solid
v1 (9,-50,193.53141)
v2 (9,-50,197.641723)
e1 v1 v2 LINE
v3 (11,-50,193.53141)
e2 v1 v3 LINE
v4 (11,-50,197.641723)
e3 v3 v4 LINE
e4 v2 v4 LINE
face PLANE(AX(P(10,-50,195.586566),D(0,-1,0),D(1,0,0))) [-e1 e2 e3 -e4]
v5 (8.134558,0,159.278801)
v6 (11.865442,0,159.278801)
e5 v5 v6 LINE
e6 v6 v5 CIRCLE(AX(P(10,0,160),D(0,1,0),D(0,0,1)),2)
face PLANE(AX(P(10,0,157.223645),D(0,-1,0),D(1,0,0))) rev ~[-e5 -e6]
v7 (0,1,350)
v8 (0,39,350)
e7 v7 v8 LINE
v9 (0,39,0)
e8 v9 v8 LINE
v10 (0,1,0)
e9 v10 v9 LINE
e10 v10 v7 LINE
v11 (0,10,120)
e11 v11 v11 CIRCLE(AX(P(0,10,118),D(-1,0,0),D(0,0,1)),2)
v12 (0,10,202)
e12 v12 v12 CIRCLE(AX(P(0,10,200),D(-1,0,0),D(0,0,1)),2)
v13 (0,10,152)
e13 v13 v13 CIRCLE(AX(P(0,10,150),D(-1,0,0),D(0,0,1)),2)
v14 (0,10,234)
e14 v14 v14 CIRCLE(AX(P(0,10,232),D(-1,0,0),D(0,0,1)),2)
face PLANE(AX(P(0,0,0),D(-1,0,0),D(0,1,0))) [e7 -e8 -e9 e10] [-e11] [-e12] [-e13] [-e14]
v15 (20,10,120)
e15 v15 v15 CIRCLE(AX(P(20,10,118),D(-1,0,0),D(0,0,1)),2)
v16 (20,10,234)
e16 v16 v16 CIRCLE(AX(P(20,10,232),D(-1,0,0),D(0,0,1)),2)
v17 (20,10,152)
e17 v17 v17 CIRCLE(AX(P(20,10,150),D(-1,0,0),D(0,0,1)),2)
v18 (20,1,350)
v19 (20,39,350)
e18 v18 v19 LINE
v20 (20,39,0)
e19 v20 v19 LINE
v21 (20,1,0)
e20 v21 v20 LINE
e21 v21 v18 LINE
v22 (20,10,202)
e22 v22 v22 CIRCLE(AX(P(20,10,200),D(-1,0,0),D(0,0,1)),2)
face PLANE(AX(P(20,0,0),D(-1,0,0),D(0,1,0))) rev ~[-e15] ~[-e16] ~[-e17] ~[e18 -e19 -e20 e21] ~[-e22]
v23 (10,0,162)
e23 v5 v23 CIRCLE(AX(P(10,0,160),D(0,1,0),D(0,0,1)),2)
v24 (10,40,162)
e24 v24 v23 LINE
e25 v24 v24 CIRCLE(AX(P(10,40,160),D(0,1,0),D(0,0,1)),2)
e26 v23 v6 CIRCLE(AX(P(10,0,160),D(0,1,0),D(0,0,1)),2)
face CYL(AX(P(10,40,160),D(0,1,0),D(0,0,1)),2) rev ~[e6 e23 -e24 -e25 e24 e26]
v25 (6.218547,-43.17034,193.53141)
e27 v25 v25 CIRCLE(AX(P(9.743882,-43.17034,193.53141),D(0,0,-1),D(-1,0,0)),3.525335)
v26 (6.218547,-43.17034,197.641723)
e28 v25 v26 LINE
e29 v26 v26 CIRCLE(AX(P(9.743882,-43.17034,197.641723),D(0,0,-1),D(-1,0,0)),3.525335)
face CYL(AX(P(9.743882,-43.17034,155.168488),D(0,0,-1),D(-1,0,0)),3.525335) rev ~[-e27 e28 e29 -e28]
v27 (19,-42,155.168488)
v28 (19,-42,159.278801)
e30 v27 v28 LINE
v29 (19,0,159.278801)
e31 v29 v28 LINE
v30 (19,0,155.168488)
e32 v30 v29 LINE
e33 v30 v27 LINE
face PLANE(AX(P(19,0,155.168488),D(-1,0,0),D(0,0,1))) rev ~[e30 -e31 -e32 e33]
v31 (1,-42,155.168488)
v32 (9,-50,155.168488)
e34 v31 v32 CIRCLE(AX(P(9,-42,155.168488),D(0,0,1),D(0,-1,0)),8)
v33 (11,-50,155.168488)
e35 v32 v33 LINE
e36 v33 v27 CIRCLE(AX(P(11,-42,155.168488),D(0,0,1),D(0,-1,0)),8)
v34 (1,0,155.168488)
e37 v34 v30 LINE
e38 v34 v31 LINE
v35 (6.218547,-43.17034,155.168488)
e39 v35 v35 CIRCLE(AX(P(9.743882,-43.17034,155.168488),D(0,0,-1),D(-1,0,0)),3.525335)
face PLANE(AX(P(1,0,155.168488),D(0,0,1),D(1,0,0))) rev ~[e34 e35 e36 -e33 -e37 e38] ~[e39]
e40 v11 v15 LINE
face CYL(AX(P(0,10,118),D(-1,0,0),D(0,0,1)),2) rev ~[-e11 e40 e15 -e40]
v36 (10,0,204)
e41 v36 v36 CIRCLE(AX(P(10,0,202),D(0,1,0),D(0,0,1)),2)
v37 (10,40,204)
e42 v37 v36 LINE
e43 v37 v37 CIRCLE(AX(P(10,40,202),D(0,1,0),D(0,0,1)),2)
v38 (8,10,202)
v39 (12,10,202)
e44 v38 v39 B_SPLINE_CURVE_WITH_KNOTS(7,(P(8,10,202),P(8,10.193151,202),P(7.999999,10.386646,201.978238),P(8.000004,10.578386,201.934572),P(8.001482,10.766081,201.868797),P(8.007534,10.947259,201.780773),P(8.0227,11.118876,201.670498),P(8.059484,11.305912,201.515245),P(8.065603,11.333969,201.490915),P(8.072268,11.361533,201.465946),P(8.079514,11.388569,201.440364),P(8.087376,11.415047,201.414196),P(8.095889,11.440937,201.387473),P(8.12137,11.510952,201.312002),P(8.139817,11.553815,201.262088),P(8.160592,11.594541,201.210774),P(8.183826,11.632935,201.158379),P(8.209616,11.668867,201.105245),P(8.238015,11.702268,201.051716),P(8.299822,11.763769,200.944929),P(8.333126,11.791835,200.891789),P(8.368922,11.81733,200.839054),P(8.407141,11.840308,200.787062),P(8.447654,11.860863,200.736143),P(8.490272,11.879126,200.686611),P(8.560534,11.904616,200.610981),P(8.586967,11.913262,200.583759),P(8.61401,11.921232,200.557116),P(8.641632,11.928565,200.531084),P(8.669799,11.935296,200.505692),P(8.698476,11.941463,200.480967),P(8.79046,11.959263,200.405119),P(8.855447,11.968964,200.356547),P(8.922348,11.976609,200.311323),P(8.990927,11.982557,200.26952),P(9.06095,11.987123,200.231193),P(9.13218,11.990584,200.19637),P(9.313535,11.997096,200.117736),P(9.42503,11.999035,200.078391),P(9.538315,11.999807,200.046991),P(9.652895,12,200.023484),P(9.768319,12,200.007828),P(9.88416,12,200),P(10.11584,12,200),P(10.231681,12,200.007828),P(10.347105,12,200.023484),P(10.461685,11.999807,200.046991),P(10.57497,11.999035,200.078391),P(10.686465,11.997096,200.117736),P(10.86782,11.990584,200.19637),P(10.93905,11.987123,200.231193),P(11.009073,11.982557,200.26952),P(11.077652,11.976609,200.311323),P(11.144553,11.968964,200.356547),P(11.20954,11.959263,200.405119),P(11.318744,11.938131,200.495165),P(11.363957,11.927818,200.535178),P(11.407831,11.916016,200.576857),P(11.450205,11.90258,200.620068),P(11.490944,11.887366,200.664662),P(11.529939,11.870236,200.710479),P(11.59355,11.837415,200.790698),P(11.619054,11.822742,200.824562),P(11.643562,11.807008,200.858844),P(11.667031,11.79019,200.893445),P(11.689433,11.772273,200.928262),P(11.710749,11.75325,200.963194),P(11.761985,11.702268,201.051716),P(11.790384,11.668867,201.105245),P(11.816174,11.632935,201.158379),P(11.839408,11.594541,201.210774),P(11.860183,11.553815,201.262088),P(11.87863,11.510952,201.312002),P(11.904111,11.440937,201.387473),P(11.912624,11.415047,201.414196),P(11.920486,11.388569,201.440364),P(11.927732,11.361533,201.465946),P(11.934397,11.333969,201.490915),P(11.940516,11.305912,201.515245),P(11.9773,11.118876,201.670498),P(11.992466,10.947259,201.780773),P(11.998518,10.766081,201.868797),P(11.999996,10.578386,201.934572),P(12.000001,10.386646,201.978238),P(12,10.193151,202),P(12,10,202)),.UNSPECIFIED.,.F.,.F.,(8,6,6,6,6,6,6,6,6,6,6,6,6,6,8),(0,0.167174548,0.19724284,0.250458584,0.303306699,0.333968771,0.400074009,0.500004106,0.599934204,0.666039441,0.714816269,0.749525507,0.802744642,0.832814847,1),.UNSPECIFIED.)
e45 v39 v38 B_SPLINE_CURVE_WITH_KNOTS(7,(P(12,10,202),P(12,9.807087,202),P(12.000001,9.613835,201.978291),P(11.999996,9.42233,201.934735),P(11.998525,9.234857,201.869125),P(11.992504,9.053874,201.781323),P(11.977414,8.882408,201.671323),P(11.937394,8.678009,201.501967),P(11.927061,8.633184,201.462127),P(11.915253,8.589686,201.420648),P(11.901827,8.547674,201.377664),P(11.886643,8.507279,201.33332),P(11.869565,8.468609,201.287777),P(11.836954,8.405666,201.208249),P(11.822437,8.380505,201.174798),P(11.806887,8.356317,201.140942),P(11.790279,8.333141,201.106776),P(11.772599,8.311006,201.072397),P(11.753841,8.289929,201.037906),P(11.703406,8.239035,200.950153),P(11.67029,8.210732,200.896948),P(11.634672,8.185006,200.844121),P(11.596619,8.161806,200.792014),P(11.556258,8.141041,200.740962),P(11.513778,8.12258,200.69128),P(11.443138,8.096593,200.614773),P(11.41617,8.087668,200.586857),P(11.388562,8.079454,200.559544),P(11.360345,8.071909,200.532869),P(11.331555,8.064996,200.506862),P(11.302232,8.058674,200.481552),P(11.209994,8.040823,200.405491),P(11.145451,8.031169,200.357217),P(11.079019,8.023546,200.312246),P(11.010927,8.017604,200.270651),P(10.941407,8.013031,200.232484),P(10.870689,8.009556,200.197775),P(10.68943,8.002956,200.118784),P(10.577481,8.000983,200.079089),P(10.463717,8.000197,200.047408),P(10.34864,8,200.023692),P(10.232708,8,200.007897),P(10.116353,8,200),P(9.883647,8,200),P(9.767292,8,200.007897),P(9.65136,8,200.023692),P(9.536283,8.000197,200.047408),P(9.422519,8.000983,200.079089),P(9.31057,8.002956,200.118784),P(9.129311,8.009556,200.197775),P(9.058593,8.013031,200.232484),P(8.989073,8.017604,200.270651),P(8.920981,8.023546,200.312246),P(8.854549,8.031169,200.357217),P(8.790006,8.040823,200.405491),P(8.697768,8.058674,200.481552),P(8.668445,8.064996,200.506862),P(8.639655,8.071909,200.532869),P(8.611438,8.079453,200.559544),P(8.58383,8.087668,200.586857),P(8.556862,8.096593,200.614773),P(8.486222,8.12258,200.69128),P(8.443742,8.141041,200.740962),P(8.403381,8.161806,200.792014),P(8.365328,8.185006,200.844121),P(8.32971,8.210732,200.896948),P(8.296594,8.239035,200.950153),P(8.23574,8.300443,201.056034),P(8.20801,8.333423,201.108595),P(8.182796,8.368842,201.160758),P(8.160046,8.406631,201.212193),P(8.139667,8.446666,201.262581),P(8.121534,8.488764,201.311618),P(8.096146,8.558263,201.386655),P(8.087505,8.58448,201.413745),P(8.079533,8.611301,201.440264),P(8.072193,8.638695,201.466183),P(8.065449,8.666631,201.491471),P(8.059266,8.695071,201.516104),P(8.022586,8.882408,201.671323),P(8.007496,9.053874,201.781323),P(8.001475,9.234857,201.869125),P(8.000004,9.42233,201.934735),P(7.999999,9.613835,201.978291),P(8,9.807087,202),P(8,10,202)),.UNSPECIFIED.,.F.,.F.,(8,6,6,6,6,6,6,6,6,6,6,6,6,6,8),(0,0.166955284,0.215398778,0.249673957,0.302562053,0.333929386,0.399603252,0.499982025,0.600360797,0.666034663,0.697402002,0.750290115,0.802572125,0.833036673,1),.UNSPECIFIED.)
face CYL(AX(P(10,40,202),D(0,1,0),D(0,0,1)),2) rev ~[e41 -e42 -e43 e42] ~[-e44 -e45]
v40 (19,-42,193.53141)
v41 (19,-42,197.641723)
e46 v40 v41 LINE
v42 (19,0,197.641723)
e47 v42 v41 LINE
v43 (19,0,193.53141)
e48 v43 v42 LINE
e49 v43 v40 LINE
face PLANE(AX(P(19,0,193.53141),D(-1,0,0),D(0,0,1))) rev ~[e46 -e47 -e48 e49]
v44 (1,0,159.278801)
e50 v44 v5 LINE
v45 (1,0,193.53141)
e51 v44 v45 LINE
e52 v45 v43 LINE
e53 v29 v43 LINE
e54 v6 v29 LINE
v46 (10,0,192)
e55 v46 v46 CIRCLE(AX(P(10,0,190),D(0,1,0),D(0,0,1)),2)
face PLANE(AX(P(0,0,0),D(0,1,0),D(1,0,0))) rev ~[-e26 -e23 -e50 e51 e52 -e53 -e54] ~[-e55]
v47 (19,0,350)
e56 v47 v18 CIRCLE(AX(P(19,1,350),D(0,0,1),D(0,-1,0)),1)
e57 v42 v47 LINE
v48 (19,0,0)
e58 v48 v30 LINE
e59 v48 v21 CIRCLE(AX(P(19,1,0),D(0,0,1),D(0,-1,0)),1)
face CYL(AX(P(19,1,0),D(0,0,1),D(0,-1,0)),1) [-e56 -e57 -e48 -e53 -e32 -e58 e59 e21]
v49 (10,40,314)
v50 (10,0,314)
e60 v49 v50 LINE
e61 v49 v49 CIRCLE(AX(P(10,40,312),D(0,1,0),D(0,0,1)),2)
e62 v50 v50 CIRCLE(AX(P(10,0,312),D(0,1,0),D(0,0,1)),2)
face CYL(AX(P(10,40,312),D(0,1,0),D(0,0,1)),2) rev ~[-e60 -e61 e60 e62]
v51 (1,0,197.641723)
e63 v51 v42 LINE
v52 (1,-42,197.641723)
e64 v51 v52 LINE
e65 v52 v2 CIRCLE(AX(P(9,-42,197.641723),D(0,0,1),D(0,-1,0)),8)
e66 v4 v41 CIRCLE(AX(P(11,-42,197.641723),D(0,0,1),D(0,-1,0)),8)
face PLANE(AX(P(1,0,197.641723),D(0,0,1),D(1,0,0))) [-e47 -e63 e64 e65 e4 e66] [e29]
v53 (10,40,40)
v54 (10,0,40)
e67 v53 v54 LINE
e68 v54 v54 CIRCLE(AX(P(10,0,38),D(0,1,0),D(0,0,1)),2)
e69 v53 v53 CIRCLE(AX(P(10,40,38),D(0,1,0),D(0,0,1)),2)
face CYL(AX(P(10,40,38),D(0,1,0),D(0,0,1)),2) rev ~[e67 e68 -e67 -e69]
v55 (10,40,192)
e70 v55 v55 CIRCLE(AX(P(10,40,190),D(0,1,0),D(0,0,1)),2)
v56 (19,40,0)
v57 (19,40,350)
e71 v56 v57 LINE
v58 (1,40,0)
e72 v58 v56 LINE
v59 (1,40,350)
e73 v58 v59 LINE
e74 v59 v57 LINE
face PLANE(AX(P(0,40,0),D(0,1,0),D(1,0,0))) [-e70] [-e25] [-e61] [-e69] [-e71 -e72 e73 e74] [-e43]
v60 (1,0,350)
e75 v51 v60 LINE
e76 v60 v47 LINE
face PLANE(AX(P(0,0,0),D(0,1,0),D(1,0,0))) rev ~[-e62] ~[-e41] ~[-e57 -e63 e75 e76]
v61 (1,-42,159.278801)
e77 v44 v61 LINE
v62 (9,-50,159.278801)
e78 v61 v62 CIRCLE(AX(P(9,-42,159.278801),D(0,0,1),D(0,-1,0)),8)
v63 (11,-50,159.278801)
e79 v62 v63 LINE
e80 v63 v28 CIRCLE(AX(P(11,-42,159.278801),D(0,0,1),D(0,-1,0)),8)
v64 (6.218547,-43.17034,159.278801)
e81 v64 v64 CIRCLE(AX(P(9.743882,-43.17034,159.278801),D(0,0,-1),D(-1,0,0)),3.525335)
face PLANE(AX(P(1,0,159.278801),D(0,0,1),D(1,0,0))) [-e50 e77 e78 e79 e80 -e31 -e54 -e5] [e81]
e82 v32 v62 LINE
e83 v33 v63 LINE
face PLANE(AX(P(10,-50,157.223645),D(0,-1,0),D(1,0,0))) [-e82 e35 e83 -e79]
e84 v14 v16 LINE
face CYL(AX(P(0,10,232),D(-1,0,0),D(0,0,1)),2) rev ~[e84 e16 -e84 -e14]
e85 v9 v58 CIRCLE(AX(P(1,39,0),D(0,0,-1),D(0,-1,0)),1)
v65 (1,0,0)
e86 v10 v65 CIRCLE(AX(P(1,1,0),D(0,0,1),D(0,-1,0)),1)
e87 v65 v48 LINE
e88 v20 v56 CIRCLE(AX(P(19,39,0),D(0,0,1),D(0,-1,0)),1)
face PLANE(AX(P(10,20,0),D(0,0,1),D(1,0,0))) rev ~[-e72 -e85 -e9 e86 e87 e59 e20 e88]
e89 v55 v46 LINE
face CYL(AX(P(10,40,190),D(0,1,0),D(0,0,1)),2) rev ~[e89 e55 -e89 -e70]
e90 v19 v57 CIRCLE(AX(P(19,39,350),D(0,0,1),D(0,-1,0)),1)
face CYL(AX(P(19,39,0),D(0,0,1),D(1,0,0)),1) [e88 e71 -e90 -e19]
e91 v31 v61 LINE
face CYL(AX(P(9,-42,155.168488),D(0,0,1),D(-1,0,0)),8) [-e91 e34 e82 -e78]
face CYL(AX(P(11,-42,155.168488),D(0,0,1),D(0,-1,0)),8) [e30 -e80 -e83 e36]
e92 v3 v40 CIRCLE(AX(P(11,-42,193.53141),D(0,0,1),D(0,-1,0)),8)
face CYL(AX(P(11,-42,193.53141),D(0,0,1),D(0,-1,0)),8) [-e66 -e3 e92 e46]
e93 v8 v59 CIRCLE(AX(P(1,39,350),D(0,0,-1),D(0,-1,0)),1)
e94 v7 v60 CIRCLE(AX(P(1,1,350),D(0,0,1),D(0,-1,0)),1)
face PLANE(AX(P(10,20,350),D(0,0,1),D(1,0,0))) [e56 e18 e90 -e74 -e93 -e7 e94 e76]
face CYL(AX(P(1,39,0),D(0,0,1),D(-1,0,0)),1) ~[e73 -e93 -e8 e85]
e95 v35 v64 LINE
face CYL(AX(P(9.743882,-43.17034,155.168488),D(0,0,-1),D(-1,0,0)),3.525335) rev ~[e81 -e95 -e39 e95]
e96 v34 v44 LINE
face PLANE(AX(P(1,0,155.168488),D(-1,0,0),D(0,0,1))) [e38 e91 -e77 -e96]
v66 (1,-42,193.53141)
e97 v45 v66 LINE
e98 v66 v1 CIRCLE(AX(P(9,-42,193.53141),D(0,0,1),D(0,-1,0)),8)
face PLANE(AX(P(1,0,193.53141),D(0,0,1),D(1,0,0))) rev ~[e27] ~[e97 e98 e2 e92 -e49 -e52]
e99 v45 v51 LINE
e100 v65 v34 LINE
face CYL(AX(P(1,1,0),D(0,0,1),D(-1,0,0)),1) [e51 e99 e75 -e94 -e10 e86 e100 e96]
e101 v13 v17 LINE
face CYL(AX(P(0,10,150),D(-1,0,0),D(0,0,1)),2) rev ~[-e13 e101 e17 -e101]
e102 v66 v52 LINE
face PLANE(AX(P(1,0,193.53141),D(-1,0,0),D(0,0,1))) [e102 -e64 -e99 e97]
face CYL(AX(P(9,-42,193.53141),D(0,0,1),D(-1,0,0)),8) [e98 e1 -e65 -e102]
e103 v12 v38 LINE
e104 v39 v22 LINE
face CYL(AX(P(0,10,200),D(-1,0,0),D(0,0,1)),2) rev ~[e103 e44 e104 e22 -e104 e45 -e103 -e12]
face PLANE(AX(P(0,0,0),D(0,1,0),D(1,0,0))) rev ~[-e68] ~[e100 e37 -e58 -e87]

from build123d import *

# Parameters (mm, degrees)
SKETCH_1_W          = 20
SKETCH_1_H          = 40
EXTRUDE_1_DEPTH     = 350
FILLET_1_R          = 1
SKETCH_2_R          = 2
CUT_EXTRUDE_1_DEPTH = 310
SKETCH_3_R          = 2
CUT_EXTRUDE_2_DEPTH = 90
SKETCH_4_W          = 18
SKETCH_4_H          = 4.110313015
EXTRUDE_2_DEPTH     = 50
SKETCH_5_R          = 3.525335322
CUT_EXTRUDE_3_DEPTH = 50
FILLET_2_R          = 8


with BuildPart() as part:
    # 草图1 → 凸台-拉伸1 (new body)
    with BuildSketch(Plane.XY):
        with Locations((10, 20)):
            Rectangle(SKETCH_1_W, SKETCH_1_H)
    extrude(amount=EXTRUDE_1_DEPTH)

    # 圆角1
    fillet_1_edges = [part.edges().sort_by_distance(p)[0] for p in [
        (0, 40, 175),
        (20, 40, 175),
        (20, 0, 175),
        (0, 0, 175),
    ]]
    fillet(fillet_1_edges, radius=FILLET_1_R)

    # 草图2 → 切除-拉伸1 (cut)
    with BuildSketch(Plane.ZY):
        with Locations((118, 10)):
            Circle(SKETCH_2_R)
        with Locations((232, 10)):
            Circle(SKETCH_2_R)
        with Locations((150, 10)):
            Circle(SKETCH_2_R)
        with Locations((200, 10)):
            Circle(SKETCH_2_R)
    extrude(amount=-CUT_EXTRUDE_1_DEPTH, mode=Mode.SUBTRACT)

    # 草图3 → 切除-拉伸2 (cut)
    with BuildSketch(Plane(origin=(0, 40, 0), x_dir=(1, 0, 0), z_dir=(0, 1, 0))):
        with Locations(Location((10, -38, 0), (0, 0, 270))):
            Circle(SKETCH_3_R)
        with Locations(Location((10, -312, 0), (0, 0, 270))):
            Circle(SKETCH_3_R)
        with Locations(Location((10, -160, 0), (0, 0, 270))):
            Circle(SKETCH_3_R)
        with Locations(Location((10, -190, 0), (0, 0, 270))):
            Circle(SKETCH_3_R)
        with Locations(Location((10, -202, 0), (0, 0, 270))):
            Circle(SKETCH_3_R)
    extrude(amount=-CUT_EXTRUDE_2_DEPTH, mode=Mode.SUBTRACT)

    # 草图4 → 凸台-拉伸2 (add)
    with BuildSketch(Plane.XZ):
        with Locations((10, 195.586566354)):
            Rectangle(SKETCH_4_W, SKETCH_4_H)
        with Locations((10, 157.223644883)):
            Rectangle(SKETCH_4_W, SKETCH_4_H)
    extrude(amount=EXTRUDE_2_DEPTH)

    # 草图5 → 切除-拉伸3 (cut)
    with BuildSketch(Plane(origin=(0, 0, 155.168488375), x_dir=(-1, 0, 0), z_dir=(0, 0, -1))):
        with Locations((-9.743882415, -43.170339686)):
            Circle(SKETCH_5_R)
    extrude(amount=-CUT_EXTRUDE_3_DEPTH, mode=Mode.SUBTRACT)

    # 圆角2
    fillet_2_edges = [part.edges().sort_by_distance(p)[0] for p in [
        (1, -50, 157.223644882),
        (19, -50, 157.223644882),
        (1, -50, 195.586566354),
        (19, -50, 195.586566354),
    ]]
    fillet(fillet_2_edges, radius=FILLET_2_R)


solid = part.part
